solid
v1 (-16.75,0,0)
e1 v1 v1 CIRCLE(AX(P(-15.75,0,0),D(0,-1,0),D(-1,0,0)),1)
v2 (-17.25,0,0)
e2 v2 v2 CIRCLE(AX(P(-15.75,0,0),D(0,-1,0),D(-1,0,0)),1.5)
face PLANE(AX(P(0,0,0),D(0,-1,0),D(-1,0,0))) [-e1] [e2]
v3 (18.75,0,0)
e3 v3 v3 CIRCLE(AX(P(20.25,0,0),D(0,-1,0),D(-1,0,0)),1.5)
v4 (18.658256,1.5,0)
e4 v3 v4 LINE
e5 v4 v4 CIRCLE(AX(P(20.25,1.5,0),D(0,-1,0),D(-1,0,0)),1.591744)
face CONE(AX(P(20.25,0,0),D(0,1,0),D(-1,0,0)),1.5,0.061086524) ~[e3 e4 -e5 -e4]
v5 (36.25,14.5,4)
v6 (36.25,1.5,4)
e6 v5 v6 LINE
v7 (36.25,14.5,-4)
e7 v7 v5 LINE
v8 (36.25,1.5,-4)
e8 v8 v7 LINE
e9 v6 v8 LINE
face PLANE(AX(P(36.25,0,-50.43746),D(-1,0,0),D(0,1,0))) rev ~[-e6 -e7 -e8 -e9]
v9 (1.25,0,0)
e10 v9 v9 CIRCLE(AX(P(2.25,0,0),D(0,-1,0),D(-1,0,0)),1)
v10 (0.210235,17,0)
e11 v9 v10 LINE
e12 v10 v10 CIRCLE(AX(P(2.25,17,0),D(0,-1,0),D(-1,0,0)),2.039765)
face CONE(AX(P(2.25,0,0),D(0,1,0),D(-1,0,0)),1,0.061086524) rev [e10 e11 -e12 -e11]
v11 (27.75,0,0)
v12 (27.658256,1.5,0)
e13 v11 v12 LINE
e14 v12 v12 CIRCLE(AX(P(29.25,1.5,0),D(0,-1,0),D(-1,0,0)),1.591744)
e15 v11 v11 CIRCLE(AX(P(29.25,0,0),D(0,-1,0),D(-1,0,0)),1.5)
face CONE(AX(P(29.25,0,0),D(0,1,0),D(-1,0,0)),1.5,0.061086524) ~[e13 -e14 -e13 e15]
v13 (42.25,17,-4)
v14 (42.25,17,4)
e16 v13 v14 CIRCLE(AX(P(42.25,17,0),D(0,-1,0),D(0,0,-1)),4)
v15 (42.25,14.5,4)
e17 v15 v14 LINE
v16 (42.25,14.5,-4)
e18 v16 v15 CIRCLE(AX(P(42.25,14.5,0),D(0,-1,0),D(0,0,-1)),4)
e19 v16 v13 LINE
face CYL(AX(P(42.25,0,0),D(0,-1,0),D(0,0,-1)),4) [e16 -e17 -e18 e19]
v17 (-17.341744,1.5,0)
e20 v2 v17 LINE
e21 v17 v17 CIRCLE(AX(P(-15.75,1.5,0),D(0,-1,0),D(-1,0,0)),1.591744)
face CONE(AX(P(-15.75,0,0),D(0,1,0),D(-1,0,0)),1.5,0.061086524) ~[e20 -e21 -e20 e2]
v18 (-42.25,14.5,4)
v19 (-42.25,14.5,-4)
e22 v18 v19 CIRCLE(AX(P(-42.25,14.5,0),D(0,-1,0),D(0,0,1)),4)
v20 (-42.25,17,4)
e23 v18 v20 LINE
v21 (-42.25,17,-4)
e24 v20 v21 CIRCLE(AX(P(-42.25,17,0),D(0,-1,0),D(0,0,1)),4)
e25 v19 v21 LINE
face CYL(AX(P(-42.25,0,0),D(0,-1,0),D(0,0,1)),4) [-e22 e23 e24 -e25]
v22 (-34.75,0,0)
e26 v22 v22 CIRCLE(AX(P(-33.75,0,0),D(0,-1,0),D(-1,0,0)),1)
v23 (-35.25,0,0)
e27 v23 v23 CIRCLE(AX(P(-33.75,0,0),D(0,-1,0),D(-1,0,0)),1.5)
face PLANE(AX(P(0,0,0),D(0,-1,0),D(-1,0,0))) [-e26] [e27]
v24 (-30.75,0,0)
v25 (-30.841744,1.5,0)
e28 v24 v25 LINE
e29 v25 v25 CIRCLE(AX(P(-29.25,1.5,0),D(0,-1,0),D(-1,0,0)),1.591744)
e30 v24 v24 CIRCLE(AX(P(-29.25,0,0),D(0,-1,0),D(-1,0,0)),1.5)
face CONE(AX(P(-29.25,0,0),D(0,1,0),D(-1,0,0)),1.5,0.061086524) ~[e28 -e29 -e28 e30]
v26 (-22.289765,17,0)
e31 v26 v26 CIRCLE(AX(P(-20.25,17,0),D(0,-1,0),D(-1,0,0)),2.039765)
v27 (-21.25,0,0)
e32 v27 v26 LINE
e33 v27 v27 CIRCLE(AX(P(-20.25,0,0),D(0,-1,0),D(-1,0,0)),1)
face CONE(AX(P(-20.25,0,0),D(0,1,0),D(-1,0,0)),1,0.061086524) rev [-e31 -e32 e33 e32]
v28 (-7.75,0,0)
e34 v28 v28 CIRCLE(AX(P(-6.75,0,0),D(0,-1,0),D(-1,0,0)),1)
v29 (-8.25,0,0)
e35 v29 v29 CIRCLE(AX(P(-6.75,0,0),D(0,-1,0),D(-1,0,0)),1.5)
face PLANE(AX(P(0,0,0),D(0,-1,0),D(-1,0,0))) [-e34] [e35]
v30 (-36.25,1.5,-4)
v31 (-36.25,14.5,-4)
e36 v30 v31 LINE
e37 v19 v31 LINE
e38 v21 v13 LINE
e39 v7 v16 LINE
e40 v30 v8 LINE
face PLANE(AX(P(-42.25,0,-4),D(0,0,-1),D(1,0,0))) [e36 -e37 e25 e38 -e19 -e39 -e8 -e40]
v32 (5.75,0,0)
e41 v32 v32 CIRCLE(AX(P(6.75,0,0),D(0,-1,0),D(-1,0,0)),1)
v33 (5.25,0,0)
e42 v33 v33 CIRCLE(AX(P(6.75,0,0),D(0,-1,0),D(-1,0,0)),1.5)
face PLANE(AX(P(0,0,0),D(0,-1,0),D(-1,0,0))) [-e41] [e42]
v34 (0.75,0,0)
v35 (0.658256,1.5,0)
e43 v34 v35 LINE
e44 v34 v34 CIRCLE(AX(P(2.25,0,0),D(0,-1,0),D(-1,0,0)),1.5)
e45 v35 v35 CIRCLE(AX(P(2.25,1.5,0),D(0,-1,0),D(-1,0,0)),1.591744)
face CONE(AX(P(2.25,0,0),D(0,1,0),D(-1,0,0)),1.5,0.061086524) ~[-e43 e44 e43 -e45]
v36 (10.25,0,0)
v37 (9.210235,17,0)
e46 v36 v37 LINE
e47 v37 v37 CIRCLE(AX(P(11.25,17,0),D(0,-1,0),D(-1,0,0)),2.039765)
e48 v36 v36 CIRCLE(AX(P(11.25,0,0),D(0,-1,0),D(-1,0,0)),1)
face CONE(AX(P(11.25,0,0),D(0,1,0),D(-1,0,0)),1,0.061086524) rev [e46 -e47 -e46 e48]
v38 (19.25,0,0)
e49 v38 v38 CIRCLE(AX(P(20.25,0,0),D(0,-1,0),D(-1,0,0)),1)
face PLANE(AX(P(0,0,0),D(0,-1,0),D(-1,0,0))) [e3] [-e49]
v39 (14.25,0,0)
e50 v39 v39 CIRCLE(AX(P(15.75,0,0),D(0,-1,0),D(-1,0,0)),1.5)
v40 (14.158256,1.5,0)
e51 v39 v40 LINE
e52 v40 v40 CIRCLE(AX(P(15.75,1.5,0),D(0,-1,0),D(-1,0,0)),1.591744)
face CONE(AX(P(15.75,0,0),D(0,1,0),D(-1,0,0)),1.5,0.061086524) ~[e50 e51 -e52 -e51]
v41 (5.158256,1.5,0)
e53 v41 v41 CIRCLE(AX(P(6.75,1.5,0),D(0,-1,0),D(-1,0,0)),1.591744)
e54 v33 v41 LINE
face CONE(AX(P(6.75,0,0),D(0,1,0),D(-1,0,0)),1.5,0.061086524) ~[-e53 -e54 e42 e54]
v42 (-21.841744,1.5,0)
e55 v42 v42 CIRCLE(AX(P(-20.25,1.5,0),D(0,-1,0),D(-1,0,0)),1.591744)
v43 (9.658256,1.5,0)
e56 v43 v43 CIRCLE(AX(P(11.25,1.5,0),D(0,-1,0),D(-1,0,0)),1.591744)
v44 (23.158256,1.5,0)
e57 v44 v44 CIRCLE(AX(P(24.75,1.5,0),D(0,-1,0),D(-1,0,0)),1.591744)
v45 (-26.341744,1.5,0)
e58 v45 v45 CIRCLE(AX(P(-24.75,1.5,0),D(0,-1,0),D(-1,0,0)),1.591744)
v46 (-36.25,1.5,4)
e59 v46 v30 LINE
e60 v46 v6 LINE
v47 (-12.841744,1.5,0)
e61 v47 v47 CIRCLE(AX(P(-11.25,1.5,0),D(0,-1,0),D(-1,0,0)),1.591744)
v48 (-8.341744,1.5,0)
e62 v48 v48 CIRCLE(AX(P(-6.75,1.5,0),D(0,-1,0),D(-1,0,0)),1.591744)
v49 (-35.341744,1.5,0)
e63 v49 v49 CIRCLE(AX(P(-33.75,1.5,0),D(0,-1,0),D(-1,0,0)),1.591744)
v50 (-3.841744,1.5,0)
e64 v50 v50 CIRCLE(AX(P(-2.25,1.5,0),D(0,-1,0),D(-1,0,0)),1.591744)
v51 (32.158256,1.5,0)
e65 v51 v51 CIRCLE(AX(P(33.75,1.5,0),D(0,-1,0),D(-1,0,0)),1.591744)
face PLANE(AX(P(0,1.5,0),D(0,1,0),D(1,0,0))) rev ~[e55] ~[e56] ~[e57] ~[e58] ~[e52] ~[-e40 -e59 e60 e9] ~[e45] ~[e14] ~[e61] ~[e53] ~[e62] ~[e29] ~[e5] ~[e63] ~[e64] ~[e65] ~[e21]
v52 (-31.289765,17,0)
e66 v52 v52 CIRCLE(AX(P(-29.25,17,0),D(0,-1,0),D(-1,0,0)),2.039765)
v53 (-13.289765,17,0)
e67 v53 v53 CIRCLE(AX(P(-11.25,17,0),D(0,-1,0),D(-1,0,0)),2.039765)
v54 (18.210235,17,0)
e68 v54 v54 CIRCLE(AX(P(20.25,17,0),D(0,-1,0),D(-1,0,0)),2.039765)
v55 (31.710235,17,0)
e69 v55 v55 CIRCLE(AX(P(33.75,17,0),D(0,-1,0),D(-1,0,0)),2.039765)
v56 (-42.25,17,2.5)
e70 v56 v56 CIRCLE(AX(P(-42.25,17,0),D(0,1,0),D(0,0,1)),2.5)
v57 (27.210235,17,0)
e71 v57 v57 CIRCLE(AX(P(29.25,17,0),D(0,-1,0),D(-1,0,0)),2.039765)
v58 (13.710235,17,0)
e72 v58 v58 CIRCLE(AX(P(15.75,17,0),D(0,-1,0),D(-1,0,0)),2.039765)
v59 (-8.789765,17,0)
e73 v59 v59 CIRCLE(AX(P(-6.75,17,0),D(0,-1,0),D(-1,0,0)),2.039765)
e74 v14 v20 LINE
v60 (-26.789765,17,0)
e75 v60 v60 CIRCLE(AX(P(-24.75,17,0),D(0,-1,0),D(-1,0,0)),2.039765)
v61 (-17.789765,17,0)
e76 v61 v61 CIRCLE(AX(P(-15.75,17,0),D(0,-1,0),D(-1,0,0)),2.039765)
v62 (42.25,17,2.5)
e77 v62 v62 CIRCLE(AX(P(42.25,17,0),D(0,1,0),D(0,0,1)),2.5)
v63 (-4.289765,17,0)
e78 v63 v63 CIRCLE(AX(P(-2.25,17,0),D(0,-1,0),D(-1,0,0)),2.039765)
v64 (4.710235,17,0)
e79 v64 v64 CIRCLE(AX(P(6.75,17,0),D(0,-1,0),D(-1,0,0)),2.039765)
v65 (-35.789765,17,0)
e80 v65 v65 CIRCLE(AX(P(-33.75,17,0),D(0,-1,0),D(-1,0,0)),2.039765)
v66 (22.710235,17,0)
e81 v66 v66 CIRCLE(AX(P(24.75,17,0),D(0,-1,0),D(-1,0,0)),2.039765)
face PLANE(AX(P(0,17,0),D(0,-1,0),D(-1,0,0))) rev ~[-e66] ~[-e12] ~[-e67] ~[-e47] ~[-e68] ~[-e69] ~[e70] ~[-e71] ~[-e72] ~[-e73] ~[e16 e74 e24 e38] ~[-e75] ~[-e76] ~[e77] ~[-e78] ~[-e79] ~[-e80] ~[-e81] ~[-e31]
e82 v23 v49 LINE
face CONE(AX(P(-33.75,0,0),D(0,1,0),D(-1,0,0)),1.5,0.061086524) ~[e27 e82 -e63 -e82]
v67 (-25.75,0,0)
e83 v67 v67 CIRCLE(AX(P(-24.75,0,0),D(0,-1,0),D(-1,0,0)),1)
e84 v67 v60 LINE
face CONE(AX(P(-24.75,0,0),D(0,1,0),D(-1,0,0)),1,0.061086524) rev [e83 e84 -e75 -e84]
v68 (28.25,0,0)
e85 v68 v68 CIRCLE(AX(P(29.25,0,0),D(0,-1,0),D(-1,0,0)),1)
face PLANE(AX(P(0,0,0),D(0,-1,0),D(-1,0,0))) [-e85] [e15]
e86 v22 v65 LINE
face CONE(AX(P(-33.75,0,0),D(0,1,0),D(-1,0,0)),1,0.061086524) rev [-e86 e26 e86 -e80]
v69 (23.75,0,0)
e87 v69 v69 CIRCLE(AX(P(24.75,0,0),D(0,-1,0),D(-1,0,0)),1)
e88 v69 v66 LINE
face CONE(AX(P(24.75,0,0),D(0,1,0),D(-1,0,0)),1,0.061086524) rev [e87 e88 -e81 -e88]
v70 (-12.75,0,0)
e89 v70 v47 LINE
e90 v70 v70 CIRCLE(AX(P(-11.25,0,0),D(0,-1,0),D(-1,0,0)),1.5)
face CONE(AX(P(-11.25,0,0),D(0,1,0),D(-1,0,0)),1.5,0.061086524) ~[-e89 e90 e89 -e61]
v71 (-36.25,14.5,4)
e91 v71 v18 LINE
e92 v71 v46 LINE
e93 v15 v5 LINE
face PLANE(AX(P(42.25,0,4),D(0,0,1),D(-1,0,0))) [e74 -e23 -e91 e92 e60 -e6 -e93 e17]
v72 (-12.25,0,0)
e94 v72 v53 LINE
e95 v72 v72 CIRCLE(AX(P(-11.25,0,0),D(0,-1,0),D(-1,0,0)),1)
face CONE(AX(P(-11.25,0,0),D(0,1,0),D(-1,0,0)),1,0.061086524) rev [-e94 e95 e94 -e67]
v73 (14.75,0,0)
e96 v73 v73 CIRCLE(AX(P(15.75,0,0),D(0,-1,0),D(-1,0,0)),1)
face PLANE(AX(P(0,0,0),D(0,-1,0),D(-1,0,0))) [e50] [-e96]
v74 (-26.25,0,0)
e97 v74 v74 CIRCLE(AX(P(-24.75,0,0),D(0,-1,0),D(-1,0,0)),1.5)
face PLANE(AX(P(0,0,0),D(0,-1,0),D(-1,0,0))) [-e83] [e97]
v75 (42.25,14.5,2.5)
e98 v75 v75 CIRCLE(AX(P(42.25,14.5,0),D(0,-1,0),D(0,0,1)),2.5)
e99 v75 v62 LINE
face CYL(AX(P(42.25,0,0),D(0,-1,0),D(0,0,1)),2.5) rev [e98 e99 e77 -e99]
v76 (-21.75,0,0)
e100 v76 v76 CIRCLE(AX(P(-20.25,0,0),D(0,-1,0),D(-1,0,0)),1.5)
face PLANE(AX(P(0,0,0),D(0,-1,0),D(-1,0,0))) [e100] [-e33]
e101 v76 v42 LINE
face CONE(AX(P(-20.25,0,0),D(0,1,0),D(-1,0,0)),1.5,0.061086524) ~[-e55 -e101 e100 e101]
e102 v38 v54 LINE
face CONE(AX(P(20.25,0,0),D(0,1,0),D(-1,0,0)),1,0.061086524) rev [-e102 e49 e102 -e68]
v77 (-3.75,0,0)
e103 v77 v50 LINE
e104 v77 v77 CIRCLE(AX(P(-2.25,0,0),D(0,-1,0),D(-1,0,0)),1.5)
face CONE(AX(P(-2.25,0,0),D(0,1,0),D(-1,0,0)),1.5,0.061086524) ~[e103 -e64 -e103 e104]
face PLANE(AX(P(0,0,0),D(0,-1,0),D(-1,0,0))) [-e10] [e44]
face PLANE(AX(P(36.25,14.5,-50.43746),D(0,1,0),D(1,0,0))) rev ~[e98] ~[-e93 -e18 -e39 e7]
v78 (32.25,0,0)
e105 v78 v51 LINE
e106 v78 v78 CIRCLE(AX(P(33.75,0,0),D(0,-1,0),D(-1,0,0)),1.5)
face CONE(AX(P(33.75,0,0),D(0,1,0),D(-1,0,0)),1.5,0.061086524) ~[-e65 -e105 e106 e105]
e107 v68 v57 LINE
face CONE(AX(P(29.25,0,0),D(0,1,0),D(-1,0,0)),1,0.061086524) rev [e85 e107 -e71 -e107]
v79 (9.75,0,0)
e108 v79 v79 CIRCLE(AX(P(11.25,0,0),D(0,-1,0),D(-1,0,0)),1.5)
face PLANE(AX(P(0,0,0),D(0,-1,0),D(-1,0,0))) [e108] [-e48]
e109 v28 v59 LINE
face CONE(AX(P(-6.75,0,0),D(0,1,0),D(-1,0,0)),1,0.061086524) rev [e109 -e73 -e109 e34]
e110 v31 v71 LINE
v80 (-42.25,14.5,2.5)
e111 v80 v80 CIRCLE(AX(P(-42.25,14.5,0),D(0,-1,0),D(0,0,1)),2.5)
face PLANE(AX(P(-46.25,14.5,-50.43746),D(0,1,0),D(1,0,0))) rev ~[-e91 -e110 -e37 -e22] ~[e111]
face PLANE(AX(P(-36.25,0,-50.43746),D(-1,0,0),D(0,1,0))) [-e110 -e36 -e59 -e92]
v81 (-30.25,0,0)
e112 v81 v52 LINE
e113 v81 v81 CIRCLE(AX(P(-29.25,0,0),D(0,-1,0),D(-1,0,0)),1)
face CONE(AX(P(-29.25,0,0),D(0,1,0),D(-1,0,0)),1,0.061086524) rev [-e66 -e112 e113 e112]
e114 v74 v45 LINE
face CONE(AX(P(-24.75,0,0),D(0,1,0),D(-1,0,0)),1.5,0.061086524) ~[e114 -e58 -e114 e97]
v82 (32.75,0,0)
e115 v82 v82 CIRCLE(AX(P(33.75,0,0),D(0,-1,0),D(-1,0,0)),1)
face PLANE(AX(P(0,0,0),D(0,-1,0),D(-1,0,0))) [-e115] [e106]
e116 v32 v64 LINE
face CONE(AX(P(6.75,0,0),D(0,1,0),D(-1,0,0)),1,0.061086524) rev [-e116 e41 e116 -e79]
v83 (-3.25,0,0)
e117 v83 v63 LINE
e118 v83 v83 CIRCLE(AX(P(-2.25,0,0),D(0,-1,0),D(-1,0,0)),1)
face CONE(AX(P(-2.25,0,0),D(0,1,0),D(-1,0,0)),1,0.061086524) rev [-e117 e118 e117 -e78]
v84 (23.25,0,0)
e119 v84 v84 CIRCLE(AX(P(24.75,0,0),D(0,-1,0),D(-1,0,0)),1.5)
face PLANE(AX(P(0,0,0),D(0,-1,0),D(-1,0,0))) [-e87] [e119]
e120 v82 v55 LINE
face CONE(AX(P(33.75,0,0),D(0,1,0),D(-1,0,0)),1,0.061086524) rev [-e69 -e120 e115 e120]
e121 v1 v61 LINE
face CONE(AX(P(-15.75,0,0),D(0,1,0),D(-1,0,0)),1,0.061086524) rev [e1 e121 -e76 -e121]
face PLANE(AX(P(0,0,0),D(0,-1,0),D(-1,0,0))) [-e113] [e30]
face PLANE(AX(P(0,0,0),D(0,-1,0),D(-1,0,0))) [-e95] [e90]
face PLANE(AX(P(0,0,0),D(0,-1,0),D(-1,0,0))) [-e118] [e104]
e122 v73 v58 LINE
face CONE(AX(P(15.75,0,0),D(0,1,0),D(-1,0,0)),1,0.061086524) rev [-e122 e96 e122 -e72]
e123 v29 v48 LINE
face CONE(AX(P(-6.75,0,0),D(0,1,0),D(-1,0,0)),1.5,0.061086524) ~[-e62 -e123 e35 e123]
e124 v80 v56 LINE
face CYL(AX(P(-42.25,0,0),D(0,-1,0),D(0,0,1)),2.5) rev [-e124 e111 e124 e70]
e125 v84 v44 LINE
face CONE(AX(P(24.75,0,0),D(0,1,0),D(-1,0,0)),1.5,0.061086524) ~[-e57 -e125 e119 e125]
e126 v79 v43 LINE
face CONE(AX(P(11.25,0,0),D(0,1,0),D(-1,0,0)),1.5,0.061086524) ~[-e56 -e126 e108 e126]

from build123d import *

# Parameters (mm, degrees)
SKETCH43_R               = 2.5
BOSS_EXTRUDE6_DEPTH      = 17
LPATTERN3_COUNT          = 8
LPATTERN3_PITCH          = 4.5
LPATTERN3_COL_COUNT      = 9
LPATTERN3_COL_PITCH      = 4.5
CUT_EXTRUDE13_DEPTH      = 50.437460493
CUT_EXTRUDE13_DEPTH_BACK = 50.437460493
SKETCH44_W               = 10
SKETCH44_H               = 14.5
LPATTERN7_COUNT          = 8
LPATTERN7_PITCH          = 4.5
LPATTERN7_COL_COUNT      = 9
LPATTERN7_COL_PITCH      = 4.5
SKETCH47_W               = 72.5
SKETCH47_H               = 8
SKETCH47_R               = 2
CUT_EXTRUDE14_DEPTH      = 1.5


with BuildPart() as part:
    # Sketch43 → Boss-Extrude6 (new body)
    with BuildSketch(Plane(origin=(0, 0, 0), x_dir=(1, 0, 0), z_dir=(0, 1, 0))):
        with BuildLine():
            Line((42.25, -4), (-42.25, -4))
            ThreePointArc((-42.25, -4), (-46.25, 0), (-42.25, 4))
            Line((-42.25, 4), (42.25, 4))
            ThreePointArc((42.25, 4), (46.25, 0), (42.25, -4))
        make_face()
        with Locations(Location((-42.25, 0, 0), (0, 0, 270))):
            Circle(SKETCH43_R, mode=Mode.SUBTRACT)
        with Locations(Location((42.25, 0, 0), (0, 0, 270))):
            Circle(SKETCH43_R, mode=Mode.SUBTRACT)
    extrude(amount=BOSS_EXTRUDE6_DEPTH)

    # Sketch41 → Cut-Revolve1 (revolve, cut)
    with BuildSketch(Plane.XY, mode=Mode.PRIVATE) as cut_revolve1_sk:
        Polygon((3.25, 0), (4.289764543, 17), (2.25, 17), (2.25, 0), align=None)
    cut_revolve1 = revolve(cut_revolve1_sk.sketch.rotate(Axis((2.25, 17, 0), (0, -1, 0)), 180), axis=Axis((2.25, 17, 0), (0, -1, 0)), mode=Mode.SUBTRACT)

    # LPattern3: Cut-Revolve1 ×8
    with Locations(*[(i * LPATTERN3_PITCH, 0, 0) for i in range(1, LPATTERN3_COUNT)]):
        add(cut_revolve1, mode=Mode.SUBTRACT)

    # LPattern3 col: Cut-Revolve1 ×9
    with Locations(*[(-i * LPATTERN3_COL_PITCH, 0, 0) for i in range(1, LPATTERN3_COL_COUNT)]):
        add(cut_revolve1, mode=Mode.SUBTRACT)

    # Sketch44 → Cut-Extrude13 (cut, two sides: drawn at the far end of the back side and taken through both)
    with BuildSketch(Plane.XY.offset(-CUT_EXTRUDE13_DEPTH_BACK)):
        with Locations((-41.25, 7.25)):
            Rectangle(SKETCH44_W, SKETCH44_H)
        with Locations((41.25, 7.25)):
            Rectangle(SKETCH44_W, SKETCH44_H)
    extrude(amount=CUT_EXTRUDE13_DEPTH + CUT_EXTRUDE13_DEPTH_BACK, mode=Mode.SUBTRACT)

    # Sketch46 → Cut-Revolve2 (revolve, cut)
    with BuildSketch(Plane.XY, mode=Mode.PRIVATE) as cut_revolve2_sk:
        Polygon((3.75, 0), (3.84174393, 1.5), (4.25, 1.5), (4.25, 0), align=None)
    cut_revolve2 = revolve(cut_revolve2_sk.sketch.rotate(Axis((2.25, 17, 0), (0, -1, 0)), 180), axis=Axis((2.25, 17, 0), (0, -1, 0)), mode=Mode.SUBTRACT)

    # LPattern7: Cut-Revolve2 ×8
    with Locations(*[(i * LPATTERN7_PITCH, 0, 0) for i in range(1, LPATTERN7_COUNT)]):
        add(cut_revolve2, mode=Mode.SUBTRACT)

    # LPattern7 col: Cut-Revolve2 ×9
    with Locations(*[(-i * LPATTERN7_COL_PITCH, 0, 0) for i in range(1, LPATTERN7_COL_COUNT)]):
        add(cut_revolve2, mode=Mode.SUBTRACT)

    # Sketch47 → Cut-Extrude14 (cut)
    with BuildSketch(Plane(origin=(0, 0, 0), x_dir=(1, 0, 0), z_dir=(0, 1, 0))):
        Rectangle(SKETCH47_W, SKETCH47_H)
        with Locations((-15.75, 0)):
            Circle(SKETCH47_R, mode=Mode.SUBTRACT)
        with Locations((-20.25, 0)):
            Circle(SKETCH47_R, mode=Mode.SUBTRACT)
        with Locations((-24.75, 0)):
            Circle(SKETCH47_R, mode=Mode.SUBTRACT)
        with Locations((-29.25, 0)):
            Circle(SKETCH47_R, mode=Mode.SUBTRACT)
        with Locations((-33.75, 0)):
            Circle(SKETCH47_R, mode=Mode.SUBTRACT)
        with Locations((11.25, 0)):
            Circle(SKETCH47_R, mode=Mode.SUBTRACT)
        with Locations((6.75, 0)):
            Circle(SKETCH47_R, mode=Mode.SUBTRACT)
        with Locations((2.25, 0)):
            Circle(SKETCH47_R, mode=Mode.SUBTRACT)
        with Locations((-2.25, 0)):
            Circle(SKETCH47_R, mode=Mode.SUBTRACT)
        with Locations((-6.75, 0)):
            Circle(SKETCH47_R, mode=Mode.SUBTRACT)
        with Locations((-11.25, 0)):
            Circle(SKETCH47_R, mode=Mode.SUBTRACT)
        with Locations((33.75, 0)):
            Circle(SKETCH47_R, mode=Mode.SUBTRACT)
        with Locations((29.25, 0)):
            Circle(SKETCH47_R, mode=Mode.SUBTRACT)
        with Locations((24.75, 0)):
            Circle(SKETCH47_R, mode=Mode.SUBTRACT)
        with Locations((20.25, 0)):
            Circle(SKETCH47_R, mode=Mode.SUBTRACT)
        with Locations((15.75, 0)):
            Circle(SKETCH47_R, mode=Mode.SUBTRACT)
    extrude(amount=CUT_EXTRUDE14_DEPTH, mode=Mode.SUBTRACT)


solid = part.part
